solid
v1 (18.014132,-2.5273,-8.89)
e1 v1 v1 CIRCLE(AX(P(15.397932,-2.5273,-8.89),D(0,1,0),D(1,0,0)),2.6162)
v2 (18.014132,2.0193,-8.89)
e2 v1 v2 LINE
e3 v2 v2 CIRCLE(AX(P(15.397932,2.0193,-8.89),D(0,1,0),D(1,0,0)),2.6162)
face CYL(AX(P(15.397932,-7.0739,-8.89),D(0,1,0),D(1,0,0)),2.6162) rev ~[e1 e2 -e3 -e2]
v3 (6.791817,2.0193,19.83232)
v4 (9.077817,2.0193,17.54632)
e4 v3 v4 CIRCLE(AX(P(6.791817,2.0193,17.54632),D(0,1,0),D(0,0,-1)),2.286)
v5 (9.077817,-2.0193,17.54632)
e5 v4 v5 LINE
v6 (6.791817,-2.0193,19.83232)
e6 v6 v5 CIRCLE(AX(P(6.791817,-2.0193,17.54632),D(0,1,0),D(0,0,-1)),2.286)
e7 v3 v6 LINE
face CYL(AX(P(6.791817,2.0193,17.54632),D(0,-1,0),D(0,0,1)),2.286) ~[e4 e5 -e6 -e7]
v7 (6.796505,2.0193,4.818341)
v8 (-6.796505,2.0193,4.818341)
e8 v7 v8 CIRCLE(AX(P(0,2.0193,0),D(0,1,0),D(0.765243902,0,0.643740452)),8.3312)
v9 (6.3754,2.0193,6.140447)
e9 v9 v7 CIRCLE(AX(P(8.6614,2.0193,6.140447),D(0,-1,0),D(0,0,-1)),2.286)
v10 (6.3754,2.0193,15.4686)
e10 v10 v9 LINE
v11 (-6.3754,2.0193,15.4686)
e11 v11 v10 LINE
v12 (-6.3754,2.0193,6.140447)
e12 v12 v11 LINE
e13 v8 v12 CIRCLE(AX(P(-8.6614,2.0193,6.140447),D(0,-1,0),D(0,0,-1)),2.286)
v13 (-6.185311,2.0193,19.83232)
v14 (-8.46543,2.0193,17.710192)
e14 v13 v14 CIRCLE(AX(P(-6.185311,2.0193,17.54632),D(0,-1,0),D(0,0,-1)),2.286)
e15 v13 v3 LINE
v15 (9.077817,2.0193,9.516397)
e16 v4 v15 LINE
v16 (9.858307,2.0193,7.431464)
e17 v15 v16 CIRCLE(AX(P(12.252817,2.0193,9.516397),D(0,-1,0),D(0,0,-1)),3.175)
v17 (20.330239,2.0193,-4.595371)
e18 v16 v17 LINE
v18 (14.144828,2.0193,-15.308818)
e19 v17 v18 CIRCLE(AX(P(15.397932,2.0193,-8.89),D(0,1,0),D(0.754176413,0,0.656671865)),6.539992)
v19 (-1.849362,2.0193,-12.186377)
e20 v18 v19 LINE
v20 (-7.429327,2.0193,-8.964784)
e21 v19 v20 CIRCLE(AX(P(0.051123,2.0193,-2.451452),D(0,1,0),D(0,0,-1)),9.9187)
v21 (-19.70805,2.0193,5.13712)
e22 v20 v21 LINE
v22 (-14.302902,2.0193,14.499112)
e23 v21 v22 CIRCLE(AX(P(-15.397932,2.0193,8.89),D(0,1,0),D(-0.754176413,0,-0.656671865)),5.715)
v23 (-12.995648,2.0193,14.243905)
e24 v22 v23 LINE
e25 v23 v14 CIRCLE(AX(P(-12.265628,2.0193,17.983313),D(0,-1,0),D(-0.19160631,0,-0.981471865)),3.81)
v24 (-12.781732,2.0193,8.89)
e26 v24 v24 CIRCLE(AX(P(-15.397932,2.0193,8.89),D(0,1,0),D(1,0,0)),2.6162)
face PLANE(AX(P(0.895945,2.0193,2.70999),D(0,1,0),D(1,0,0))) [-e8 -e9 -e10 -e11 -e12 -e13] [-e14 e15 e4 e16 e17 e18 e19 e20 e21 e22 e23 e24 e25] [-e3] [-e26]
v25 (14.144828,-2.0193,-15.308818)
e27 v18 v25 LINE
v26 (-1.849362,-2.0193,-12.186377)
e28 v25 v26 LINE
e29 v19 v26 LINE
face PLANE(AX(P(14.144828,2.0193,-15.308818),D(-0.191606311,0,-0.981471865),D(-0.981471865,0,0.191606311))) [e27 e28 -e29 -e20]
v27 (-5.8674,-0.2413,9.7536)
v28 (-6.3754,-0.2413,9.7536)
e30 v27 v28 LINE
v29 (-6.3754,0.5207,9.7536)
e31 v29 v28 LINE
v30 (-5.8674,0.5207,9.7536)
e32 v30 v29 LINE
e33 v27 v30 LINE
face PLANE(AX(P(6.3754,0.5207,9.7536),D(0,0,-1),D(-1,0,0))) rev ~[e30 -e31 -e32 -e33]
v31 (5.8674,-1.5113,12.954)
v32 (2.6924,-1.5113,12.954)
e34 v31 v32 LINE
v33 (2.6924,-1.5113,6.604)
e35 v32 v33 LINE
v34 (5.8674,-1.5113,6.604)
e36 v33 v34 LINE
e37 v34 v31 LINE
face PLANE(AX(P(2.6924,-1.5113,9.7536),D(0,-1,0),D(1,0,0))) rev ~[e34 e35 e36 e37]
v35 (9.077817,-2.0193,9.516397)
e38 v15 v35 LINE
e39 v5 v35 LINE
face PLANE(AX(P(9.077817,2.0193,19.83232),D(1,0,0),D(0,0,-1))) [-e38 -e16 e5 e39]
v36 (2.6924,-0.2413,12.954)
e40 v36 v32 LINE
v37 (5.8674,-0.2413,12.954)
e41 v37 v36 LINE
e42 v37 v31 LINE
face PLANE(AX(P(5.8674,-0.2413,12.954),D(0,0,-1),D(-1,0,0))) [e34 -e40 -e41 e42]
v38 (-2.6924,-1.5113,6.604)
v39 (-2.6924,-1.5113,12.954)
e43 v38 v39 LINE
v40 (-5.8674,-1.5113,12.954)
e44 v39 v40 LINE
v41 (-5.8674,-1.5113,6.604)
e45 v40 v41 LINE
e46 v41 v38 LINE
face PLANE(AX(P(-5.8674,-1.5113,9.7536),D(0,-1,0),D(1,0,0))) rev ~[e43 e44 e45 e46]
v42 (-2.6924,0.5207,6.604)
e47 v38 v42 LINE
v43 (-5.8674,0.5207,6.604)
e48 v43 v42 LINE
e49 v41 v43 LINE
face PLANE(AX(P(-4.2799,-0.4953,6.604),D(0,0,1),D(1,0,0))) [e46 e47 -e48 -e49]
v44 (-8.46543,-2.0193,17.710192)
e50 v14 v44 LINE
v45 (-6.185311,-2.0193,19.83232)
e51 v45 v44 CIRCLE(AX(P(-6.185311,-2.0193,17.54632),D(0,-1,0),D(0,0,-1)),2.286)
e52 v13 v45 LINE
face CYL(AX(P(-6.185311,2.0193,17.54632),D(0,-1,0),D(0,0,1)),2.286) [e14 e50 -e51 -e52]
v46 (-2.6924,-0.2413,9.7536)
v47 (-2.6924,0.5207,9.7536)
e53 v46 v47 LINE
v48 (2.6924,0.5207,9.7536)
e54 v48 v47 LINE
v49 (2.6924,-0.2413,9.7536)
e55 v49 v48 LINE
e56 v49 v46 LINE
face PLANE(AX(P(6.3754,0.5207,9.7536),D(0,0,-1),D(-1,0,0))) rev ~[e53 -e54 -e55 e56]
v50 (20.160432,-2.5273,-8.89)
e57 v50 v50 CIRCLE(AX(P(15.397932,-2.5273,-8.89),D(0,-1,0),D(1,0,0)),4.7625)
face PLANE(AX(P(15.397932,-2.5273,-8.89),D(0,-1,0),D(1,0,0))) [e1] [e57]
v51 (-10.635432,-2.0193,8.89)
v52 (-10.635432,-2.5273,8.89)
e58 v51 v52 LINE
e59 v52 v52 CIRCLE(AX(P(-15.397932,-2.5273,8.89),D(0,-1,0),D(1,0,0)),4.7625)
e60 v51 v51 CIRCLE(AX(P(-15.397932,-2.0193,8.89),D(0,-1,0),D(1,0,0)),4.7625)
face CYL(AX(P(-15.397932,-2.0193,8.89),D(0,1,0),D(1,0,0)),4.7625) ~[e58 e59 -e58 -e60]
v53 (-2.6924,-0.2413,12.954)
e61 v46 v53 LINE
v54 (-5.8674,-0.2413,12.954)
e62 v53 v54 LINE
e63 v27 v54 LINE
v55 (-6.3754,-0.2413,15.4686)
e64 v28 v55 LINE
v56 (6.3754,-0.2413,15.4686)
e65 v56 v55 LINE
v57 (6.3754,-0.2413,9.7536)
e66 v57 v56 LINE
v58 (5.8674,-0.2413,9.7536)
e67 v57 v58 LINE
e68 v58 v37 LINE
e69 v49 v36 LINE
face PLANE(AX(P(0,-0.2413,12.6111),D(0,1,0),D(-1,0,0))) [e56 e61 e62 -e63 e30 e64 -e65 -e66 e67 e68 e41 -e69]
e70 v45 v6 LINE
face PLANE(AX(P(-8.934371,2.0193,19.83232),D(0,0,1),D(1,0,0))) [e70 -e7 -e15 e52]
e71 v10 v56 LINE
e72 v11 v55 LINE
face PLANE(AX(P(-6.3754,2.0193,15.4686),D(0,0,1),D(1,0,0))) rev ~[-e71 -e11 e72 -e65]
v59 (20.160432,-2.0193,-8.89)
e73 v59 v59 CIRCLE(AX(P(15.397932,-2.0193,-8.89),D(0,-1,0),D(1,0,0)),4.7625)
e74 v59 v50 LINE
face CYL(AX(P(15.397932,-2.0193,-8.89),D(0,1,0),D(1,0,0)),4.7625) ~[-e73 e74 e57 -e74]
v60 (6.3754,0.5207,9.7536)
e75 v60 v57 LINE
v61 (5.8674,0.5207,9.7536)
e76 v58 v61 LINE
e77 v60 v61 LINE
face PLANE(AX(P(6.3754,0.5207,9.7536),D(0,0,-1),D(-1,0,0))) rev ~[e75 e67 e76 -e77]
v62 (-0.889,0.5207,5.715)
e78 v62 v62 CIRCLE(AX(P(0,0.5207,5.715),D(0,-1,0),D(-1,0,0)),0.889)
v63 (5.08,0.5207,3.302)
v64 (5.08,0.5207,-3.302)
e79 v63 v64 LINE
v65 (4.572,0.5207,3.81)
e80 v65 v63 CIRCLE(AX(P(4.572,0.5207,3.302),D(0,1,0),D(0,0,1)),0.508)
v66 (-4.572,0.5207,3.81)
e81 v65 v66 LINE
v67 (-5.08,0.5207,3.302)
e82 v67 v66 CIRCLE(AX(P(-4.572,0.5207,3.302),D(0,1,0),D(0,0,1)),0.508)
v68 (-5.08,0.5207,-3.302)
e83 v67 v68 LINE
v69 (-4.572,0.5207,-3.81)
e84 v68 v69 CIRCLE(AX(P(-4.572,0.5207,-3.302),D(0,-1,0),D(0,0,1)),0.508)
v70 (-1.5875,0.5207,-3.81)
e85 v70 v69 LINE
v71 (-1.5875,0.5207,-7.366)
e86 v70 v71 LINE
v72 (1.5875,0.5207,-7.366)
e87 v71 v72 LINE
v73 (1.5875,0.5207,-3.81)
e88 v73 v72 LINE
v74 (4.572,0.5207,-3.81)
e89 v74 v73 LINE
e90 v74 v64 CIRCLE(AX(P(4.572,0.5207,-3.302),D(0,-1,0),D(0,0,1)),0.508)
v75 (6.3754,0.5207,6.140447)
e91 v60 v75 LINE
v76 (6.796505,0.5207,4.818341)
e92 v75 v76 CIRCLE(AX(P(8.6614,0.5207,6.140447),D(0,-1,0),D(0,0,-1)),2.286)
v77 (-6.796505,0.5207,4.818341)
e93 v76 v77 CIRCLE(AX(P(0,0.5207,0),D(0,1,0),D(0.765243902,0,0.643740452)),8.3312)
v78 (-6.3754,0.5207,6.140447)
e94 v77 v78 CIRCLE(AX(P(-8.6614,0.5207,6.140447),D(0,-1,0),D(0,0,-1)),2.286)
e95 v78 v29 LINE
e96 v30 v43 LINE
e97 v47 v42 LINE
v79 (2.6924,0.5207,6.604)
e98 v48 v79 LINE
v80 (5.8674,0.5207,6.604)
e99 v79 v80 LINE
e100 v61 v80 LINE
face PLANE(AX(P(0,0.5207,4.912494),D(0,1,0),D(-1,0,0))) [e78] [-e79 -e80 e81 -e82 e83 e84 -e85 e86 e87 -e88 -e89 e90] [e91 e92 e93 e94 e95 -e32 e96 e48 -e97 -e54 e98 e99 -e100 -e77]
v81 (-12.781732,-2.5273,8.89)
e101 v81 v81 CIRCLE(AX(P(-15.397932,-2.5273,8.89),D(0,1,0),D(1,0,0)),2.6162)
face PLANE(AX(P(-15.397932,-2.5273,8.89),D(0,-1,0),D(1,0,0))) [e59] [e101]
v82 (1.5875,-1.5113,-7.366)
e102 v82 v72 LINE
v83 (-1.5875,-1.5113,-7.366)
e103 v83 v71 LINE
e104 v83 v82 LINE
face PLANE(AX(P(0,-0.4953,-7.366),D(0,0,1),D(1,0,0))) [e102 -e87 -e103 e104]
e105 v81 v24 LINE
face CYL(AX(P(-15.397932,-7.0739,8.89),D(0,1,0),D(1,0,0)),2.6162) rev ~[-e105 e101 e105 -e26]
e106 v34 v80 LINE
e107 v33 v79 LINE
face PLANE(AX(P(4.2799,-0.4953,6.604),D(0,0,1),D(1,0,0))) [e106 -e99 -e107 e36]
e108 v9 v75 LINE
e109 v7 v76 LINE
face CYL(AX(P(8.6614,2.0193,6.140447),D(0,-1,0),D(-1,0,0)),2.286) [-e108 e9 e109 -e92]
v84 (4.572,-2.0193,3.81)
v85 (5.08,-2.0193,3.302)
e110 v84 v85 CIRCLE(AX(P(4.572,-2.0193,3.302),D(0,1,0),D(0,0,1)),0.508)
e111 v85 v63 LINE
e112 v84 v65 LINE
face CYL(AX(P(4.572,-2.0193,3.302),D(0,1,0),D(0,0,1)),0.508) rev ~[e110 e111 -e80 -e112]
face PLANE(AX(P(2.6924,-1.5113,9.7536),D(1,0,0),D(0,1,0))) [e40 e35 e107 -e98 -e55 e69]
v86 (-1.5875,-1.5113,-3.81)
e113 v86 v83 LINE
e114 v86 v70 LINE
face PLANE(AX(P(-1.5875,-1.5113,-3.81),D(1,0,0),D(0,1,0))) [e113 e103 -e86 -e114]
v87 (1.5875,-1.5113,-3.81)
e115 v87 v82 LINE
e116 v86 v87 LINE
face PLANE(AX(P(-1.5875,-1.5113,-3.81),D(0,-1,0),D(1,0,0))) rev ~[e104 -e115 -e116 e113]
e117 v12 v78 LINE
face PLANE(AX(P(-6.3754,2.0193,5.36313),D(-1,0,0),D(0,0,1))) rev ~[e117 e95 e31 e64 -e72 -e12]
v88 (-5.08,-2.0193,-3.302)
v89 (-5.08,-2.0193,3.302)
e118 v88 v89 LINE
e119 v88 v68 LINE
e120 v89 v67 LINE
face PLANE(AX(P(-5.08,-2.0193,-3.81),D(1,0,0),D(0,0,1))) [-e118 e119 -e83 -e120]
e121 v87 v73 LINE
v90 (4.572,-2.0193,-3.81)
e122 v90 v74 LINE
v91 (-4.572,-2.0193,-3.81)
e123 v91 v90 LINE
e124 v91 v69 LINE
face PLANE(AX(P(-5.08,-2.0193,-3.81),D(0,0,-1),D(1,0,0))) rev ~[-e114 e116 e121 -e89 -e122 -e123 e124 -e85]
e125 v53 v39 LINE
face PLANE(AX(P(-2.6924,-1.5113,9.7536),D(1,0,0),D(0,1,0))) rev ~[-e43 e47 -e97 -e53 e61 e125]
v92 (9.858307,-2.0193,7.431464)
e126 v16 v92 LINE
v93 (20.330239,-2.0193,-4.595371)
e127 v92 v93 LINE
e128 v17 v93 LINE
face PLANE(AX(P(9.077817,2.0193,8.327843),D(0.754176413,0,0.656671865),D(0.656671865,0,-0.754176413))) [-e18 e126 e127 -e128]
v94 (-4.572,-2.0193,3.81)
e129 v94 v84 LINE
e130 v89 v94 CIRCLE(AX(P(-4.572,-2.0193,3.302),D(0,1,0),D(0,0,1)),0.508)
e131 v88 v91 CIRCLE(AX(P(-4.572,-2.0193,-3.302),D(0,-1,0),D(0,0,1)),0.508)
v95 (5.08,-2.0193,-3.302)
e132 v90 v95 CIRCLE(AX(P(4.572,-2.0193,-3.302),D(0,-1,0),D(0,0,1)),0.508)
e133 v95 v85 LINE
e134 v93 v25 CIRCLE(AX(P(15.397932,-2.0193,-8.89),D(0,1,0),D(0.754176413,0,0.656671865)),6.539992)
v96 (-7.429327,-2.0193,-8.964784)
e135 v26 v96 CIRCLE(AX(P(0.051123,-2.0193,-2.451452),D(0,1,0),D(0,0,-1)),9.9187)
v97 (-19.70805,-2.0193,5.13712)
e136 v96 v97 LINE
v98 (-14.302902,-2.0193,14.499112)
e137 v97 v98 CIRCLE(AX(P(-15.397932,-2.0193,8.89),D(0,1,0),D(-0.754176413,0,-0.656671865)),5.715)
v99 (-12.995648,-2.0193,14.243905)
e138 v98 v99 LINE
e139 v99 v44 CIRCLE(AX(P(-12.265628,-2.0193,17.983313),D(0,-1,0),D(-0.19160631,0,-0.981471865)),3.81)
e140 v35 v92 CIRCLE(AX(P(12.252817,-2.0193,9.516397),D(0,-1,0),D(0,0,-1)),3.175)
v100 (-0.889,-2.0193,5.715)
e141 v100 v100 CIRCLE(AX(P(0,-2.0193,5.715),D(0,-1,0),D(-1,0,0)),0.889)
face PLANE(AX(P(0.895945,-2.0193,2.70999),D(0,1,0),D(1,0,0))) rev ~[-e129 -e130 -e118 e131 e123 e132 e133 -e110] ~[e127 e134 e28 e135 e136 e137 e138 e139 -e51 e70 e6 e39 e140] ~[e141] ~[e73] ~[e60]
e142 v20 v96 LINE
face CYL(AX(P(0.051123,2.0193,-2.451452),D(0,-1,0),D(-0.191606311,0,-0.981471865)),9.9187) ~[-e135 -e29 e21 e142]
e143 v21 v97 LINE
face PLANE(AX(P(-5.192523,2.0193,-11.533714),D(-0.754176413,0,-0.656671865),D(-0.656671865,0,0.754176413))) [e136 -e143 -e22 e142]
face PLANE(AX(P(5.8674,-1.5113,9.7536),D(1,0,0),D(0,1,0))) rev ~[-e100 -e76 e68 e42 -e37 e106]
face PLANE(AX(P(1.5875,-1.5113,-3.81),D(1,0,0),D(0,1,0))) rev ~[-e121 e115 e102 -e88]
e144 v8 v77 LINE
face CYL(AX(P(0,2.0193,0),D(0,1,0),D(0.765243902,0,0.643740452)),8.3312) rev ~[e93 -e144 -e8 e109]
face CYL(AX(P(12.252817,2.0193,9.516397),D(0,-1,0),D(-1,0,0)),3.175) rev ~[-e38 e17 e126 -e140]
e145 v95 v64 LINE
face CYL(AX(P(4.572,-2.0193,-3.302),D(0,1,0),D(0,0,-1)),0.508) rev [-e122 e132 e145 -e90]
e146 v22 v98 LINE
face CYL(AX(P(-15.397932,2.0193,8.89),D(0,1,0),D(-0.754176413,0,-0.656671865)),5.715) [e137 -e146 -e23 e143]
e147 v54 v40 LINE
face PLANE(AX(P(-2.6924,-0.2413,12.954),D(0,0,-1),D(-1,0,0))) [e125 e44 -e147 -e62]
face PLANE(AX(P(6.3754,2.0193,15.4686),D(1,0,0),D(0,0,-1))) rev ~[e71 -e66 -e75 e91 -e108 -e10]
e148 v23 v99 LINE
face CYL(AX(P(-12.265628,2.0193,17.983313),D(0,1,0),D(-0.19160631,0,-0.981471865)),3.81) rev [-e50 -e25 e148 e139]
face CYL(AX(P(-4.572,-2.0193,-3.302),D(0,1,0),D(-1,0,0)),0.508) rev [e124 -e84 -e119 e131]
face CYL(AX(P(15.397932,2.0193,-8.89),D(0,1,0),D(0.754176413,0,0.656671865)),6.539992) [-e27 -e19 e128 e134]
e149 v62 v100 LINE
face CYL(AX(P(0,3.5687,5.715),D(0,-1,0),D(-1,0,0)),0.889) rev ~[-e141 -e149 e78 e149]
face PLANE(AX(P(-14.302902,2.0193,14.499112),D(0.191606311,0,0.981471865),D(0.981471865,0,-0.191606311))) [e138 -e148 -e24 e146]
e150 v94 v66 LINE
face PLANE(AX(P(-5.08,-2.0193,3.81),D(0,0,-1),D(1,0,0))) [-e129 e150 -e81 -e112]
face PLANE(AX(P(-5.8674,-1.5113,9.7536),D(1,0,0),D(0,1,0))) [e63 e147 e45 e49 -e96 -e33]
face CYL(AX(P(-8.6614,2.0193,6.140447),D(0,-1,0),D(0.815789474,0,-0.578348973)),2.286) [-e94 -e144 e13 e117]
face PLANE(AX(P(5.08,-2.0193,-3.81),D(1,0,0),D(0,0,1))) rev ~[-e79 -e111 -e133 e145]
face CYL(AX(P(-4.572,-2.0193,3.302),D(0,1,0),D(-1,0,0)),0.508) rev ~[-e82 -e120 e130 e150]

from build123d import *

# Parameters (mm, degrees)
BOSS_EXTRUDE1_DEPTH            = 4.0386
SKETCH2_R                      = 4.7625
BOSS_EXTRUDE2_DEPTH            = 0.508
SKETCH3_R                      = 4.7625
BOSS_EXTRUDE3_DEPTH            = 0.508
CUT_EXTRUDE1_DEPTH             = 1.4986
SKETCH5_W                      = 12.7508
SKETCH5_H                      = 5.715
CUT_EXTRUDE2_DEPTH             = 0.762
SKETCH6_W                      = 3.175
SKETCH6_H                      = 3.2004
CUT_EXTRUDE3_DEPTH             = 1.27
SKETCH7_W                      = 3.175
SKETCH7_H                      = 3.2004
CUT_EXTRUDE4_DEPTH             = 1.27
SKETCH8_W                      = 3.175
SKETCH8_H                      = 2.032
CUT_EXTRUDE5_DEPTH             = 3.1496
SKETCH9_W                      = 3.175
SKETCH9_H                      = 2.032
CUT_EXTRUDE6_DEPTH             = 3.1496
SKETCH10_W                     = 10.16
SKETCH10_H                     = 7.62
CUT_EXTRUDE7_DEPTH             = 5.0386
SKETCH11_W                     = 3.175
SKETCH11_H                     = 2.032
CUT_EXTRUDE8_DEPTH             = 3.556
F_10_CLEARANCE_HOLE1_D         = 5.2324
F_10_CLEARANCE_HOLE1_DEPTH     = 4.5466
F_50_0_07_DIAMETER_HOLE1_D     = 1.778
F_50_0_07_DIAMETER_HOLE1_DEPTH = 3.048
FILLET1_R                      = 0.508
FILLET3_R                      = 2.286
FILLET4_R                      = 3.175
FILLET5_R                      = 9.9187


with BuildPart() as part:
    # Sketch1 → Boss-Extrude1 (new body)
    with BuildSketch(Plane(origin=(0, 2.0193, 0), x_dir=(1, 0, 0), z_dir=(0, 1, 0))):
        with BuildLine():
            Line((-8.93437079, -19.83232), (9.077817244, -19.83232))
            Line((9.077817244, -19.83232), (9.077817244, -8.327843243))
            Line((9.077817244, -8.327843243), (20.330239386, 4.595371256))
            ThreePointArc((20.330239386, 4.595371256), (21.061730892, 12.159996), (14.144827941, 15.308818145))
            Line((14.144827941, 15.308818145), (-5.192523198, 11.533713998))
            Line((-5.192523198, 11.533713998), (-19.708049879, -5.137120292))
            ThreePointArc((-19.708049879, -5.137120292), (-20.347266862, -11.7475), (-14.302901614, -14.499111708))
            Line((-14.302901614, -14.499111708), (-12.995647781, -14.243905122))
            ThreePointArc((-12.995647781, -14.243905122), (-9.183549937, -15.74346998), (-8.93437079, -19.83232))
        make_face()
    extrude(amount=-BOSS_EXTRUDE1_DEPTH)

    # Sketch2 → Boss-Extrude2 (add)
    with BuildSketch(Plane.XZ.offset(2.0193)):
        with Locations((15.397931679, -8.89)):
            Circle(SKETCH2_R)
    extrude(amount=BOSS_EXTRUDE2_DEPTH)

    # Sketch3 → Boss-Extrude3 (add)
    with BuildSketch(Plane.XZ.offset(2.0193)):
        with Locations((-15.397931679, 8.89)):
            Circle(SKETCH3_R)
    extrude(amount=BOSS_EXTRUDE3_DEPTH)

    # Sketch4 → Cut-Extrude1 (cut)
    with BuildSketch(Plane(origin=(0, 2.0193, 0), x_dir=(-1, 0, 0), z_dir=(0, 1, 0))):
        with BuildLine():
            Line((6.3754, 5.363130455), (6.3754, 15.4686))
            Line((6.3754, 15.4686), (-6.3754, 15.4686))
            Line((-6.3754, 15.4686), (-6.3754, 5.363130455))
            ThreePointArc((-6.3754, 5.363130455), (0, -8.3312), (6.3754, 5.363130455))
        make_face()
    extrude(amount=-CUT_EXTRUDE1_DEPTH, mode=Mode.SUBTRACT)

    # Sketch5 → Cut-Extrude2 (cut)
    with BuildSketch(Plane(origin=(0, 0.5207, 0), x_dir=(-1, 0, 0), z_dir=(0, 1, 0))):
        with Locations((0, 12.6111)):
            Rectangle(SKETCH5_W, SKETCH5_H)
    extrude(amount=-CUT_EXTRUDE2_DEPTH, mode=Mode.SUBTRACT)

    # Sketch6 → Cut-Extrude3 (cut)
    with BuildSketch(Plane(origin=(0, -0.2413, 0), x_dir=(-1, 0, 0), z_dir=(0, 1, 0))):
        with Locations((4.2799, 11.3538)):
            Rectangle(SKETCH6_W, SKETCH6_H)
    extrude(amount=-CUT_EXTRUDE3_DEPTH, mode=Mode.SUBTRACT)

    # Sketch7 → Cut-Extrude4 (cut)
    with BuildSketch(Plane(origin=(0, -0.2413, 0), x_dir=(-1, 0, 0), z_dir=(0, 1, 0))):
        with Locations((-4.2799, 11.3538)):
            Rectangle(SKETCH7_W, SKETCH7_H)
    extrude(amount=-CUT_EXTRUDE4_DEPTH, mode=Mode.SUBTRACT)

    # Sketch8 → Cut-Extrude5 (cut)
    with BuildSketch(Plane.XY.offset(9.7536)):
        with Locations((4.2799, -0.4953)):
            Rectangle(SKETCH8_W, SKETCH8_H)
    extrude(amount=-CUT_EXTRUDE5_DEPTH, mode=Mode.SUBTRACT)

    # Sketch9 → Cut-Extrude6 (cut)
    with BuildSketch(Plane.XY.offset(9.7536)):
        with Locations((-4.2799, -0.4953)):
            Rectangle(SKETCH9_W, SKETCH9_H)
    extrude(amount=-CUT_EXTRUDE6_DEPTH, mode=Mode.SUBTRACT)

    # Sketch10 → Cut-Extrude7 (cut, through all)
    with BuildSketch(Plane.XZ.offset(2.0193)):
        Rectangle(SKETCH10_W, SKETCH10_H)
    extrude(amount=-CUT_EXTRUDE7_DEPTH, mode=Mode.SUBTRACT)

    # Sketch11 → Cut-Extrude8 (cut)
    with BuildSketch(Plane.XY.offset(-3.81)):
        with Locations((0, -0.4953)):
            Rectangle(SKETCH11_W, SKETCH11_H)
    extrude(amount=-CUT_EXTRUDE8_DEPTH, mode=Mode.SUBTRACT)

    # #10 Clearance Hole1
    with Locations(Plane(origin=(0, -2.5273, 0), x_dir=(-1, 0, 0), z_dir=(0, -1, 0))):
        with Locations((15.397931679, -8.89), (-15.397931679, 8.89)):
            Hole(F_10_CLEARANCE_HOLE1_D / 2, depth=F_10_CLEARANCE_HOLE1_DEPTH)

    # #50 (0.07) Diameter Hole1
    with Locations(Plane(origin=(0, 0.5207, 0), x_dir=(1, 0, 0), z_dir=(0, 1, 0))):
        with Locations((0, -5.715)):
            Hole(F_50_0_07_DIAMETER_HOLE1_D / 2, depth=F_50_0_07_DIAMETER_HOLE1_DEPTH)

    # Fillet1
    fillet1_edges = [part.edges().sort_by_distance(p)[0] for p in [
        (-5.08, -0.7493, 3.81),
        (5.08, -0.7493, 3.81),
        (5.08, -0.7493, -3.81),
        (-5.08, -0.7493, -3.81),
    ]]
    fillet(fillet1_edges, radius=FILLET1_R)

    # Fillet3
    fillet3_edges = [part.edges().sort_by_distance(p)[0] for p in [
        (9.077817244, 0, 19.83232),
        (-8.93437079, 0, 19.83232),
        (-6.3754, 1.27, 5.363130455),
        (6.3754, 1.27, 5.363130455),
    ]]
    fillet(fillet3_edges, radius=FILLET3_R)

    # Fillet4
    fillet4_edges = [part.edges().sort_by_distance(p)[0] for p in [
        (9.077817244, 0, 8.327843243),
    ]]
    fillet(fillet4_edges, radius=FILLET4_R)

    # Fillet5
    fillet5_edges = [part.edges().sort_by_distance(p)[0] for p in [
        (-5.192523198, 0, -11.533713998),
    ]]
    fillet(fillet5_edges, radius=FILLET5_R)


solid = part.part
